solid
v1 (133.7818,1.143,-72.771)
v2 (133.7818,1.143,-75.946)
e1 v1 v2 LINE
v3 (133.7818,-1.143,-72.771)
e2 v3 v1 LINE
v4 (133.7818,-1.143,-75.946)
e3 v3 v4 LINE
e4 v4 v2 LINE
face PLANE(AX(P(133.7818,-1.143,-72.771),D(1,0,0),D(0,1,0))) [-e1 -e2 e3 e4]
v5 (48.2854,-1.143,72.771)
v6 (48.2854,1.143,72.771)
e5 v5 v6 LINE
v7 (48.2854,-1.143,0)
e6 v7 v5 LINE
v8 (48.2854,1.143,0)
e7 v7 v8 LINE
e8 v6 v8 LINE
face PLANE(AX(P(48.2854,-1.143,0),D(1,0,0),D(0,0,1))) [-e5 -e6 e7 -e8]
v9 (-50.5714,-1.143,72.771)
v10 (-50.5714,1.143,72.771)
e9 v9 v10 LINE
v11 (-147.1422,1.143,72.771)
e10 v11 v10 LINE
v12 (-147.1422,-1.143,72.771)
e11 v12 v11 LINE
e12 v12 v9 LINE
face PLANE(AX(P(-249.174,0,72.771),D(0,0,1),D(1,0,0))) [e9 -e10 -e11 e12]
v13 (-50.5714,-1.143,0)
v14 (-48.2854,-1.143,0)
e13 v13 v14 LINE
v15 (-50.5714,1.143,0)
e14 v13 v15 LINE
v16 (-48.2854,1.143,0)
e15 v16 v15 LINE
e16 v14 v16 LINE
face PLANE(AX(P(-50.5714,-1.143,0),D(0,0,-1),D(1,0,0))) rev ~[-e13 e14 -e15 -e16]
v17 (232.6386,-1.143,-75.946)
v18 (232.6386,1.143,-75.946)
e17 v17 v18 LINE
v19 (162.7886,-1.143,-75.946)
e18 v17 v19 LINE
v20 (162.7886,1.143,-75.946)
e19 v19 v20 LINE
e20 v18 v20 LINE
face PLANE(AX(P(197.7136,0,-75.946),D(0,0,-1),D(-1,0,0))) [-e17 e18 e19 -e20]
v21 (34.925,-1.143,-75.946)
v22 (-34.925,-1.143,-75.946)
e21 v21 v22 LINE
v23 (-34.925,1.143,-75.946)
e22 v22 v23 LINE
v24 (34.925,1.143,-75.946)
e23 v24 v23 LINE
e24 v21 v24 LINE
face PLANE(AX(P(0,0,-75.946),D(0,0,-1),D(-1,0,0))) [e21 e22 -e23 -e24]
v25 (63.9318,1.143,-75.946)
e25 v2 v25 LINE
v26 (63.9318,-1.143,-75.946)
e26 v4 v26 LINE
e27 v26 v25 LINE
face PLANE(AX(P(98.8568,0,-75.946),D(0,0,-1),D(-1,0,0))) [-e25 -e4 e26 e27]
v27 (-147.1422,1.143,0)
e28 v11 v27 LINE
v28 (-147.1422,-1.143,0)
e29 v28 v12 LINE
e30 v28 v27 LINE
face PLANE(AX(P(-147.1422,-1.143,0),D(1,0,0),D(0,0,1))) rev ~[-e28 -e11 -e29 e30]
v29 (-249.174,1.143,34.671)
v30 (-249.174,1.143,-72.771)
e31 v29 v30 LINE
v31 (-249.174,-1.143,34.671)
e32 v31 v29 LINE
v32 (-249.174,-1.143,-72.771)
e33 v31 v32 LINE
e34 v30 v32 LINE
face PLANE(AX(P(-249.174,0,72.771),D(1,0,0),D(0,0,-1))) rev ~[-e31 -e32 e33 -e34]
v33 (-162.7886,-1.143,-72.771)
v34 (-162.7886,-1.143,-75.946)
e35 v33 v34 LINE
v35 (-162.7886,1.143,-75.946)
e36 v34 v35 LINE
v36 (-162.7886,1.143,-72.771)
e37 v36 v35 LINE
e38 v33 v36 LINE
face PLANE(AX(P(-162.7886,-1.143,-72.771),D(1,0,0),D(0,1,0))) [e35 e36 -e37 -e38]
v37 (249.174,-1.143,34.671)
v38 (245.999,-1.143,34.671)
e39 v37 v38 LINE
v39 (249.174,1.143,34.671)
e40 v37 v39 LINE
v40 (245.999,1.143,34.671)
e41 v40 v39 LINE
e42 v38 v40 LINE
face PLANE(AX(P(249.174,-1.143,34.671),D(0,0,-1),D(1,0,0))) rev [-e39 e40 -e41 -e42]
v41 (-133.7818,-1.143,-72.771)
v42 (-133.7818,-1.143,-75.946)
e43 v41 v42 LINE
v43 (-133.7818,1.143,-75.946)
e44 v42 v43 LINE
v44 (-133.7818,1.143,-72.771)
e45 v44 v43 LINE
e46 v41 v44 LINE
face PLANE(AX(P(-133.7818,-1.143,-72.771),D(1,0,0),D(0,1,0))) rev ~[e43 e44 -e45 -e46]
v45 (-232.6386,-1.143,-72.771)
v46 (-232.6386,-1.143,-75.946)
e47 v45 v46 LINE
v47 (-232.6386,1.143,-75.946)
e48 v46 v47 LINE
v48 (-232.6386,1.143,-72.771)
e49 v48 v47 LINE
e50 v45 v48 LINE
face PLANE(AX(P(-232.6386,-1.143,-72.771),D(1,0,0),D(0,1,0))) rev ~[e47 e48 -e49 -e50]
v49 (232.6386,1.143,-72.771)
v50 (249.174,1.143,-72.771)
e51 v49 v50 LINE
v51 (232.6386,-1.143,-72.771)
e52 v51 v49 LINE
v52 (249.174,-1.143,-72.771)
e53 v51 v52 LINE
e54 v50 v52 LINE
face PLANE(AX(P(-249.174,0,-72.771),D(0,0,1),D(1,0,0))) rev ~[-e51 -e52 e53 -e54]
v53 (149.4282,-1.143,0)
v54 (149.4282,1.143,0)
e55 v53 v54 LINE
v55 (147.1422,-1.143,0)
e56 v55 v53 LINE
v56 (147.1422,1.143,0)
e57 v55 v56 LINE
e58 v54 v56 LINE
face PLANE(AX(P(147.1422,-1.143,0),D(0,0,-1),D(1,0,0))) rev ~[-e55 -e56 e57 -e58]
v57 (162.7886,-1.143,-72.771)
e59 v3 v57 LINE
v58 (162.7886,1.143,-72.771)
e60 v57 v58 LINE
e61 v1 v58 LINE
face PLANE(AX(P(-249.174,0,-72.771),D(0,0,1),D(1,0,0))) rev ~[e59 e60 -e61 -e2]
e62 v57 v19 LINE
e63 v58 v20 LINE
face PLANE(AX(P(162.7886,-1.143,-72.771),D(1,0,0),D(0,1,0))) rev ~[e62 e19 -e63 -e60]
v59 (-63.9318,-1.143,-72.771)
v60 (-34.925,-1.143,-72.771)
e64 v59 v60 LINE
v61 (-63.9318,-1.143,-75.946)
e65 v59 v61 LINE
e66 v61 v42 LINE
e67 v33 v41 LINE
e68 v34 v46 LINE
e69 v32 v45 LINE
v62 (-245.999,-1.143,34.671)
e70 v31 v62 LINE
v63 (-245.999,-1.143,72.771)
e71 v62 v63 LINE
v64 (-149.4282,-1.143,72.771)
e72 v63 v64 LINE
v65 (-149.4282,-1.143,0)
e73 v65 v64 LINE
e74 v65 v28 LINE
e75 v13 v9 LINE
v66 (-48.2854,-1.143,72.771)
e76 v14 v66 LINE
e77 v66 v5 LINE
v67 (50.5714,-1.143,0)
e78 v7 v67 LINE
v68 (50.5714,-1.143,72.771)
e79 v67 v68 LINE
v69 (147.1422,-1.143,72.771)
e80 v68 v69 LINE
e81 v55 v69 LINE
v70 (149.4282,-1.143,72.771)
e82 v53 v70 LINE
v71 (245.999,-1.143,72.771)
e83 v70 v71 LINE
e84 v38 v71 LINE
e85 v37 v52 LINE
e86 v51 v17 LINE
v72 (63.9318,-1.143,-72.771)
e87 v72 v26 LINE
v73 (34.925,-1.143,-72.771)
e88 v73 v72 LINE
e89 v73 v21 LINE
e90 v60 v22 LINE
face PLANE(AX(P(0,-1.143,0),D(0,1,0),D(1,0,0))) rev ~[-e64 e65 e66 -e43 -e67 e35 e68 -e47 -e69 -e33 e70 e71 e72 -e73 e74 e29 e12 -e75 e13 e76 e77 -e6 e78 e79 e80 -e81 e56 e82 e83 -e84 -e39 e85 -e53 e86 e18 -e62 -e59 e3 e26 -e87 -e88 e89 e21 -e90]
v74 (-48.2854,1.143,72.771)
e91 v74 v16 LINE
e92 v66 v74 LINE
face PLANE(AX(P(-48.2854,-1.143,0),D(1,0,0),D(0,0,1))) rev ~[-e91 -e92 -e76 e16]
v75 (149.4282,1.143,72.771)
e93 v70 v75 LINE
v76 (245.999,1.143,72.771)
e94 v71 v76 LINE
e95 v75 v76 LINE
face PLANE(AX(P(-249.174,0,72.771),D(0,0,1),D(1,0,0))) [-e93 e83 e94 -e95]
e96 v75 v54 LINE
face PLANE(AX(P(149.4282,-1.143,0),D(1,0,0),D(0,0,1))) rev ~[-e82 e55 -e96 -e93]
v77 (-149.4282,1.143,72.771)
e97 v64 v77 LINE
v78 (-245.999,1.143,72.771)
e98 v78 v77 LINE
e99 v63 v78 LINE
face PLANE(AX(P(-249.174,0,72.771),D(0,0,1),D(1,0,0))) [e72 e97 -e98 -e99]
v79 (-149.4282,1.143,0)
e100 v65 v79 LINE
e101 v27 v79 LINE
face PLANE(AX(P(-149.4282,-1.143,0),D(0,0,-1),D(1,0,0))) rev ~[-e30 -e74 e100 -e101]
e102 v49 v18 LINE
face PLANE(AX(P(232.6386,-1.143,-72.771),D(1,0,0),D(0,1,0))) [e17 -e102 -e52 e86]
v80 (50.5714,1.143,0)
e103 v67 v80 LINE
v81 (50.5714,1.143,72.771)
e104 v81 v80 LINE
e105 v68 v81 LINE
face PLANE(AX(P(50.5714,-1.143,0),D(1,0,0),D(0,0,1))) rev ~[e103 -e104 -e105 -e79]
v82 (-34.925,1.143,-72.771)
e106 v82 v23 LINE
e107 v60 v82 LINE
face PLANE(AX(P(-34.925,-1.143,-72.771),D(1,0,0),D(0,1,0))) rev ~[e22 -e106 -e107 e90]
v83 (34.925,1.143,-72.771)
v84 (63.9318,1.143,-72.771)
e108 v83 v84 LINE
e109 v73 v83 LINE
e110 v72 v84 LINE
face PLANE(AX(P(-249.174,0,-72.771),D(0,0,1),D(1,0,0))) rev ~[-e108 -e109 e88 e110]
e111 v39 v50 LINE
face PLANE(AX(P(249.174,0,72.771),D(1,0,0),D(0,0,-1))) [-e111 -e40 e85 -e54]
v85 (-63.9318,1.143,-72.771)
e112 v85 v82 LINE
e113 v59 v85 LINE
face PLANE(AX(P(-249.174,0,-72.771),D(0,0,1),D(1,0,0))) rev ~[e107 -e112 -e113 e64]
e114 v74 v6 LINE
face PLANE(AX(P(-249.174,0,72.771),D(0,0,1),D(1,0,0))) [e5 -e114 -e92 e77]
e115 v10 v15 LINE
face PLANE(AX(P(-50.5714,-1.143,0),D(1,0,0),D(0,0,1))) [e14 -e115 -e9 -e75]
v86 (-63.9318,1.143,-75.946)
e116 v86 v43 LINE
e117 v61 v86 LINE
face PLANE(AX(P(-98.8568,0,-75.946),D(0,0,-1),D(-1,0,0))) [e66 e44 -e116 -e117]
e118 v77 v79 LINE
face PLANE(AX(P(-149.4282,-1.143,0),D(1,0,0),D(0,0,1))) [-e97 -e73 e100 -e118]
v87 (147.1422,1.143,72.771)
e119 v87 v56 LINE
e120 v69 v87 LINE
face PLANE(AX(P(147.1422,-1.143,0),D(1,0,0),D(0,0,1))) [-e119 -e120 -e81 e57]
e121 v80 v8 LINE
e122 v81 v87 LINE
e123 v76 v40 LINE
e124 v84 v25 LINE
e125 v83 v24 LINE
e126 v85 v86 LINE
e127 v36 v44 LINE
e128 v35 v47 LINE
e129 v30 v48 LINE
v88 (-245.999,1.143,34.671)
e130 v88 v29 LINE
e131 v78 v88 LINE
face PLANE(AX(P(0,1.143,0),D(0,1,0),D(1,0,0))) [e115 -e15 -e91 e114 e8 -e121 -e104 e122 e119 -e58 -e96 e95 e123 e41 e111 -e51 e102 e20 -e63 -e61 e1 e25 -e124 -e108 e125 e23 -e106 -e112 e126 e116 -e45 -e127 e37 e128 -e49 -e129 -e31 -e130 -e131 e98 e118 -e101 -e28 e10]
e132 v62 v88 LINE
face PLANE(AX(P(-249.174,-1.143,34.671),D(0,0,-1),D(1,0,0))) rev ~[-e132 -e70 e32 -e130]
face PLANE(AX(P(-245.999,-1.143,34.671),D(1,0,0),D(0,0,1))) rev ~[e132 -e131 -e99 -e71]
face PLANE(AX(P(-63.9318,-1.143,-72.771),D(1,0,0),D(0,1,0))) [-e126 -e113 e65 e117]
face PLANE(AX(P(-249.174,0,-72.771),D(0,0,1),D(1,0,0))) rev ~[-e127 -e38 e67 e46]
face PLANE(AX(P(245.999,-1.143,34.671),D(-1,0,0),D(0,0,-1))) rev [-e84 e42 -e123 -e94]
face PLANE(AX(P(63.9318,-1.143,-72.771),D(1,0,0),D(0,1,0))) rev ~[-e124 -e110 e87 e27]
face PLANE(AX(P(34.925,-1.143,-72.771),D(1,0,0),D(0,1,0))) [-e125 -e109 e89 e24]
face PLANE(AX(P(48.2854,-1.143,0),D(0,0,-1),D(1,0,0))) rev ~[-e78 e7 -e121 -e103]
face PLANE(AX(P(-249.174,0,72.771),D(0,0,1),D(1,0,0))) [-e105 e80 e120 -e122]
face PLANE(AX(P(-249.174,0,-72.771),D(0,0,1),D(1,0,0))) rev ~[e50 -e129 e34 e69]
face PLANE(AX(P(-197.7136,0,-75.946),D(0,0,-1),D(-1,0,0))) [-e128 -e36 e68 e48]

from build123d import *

# Parameters (mm, degrees)
SKETCH1_W           = 498.348
SKETCH1_H           = 145.542
BOSS_EXTRUDE1_DEPTH = 1.143
SKETCH2_W           = 69.85
SKETCH2_H           = 2.286
BOSS_EXTRUDE2_DEPTH = 3.175
LPATTERN1_COUNT     = 5
LPATTERN1_PITCH     = 98.8568
SKETCH3_W           = 3.175
SKETCH3_H           = 38.1
CUT_EXTRUDE1_DEPTH  = 3.286
SKETCH5_W           = 2.286
SKETCH5_H           = 72.771
CUT_EXTRUDE2_DEPTH  = 3.286
LPATTERN2_COUNT     = 4
LPATTERN2_PITCH     = 98.8568


with BuildPart() as part:
    # Sketch1 → Boss-Extrude1 (new body, symmetric)
    with BuildSketch(Plane(origin=(0, 0, 0), x_dir=(1, 0, 0), z_dir=(0, 1, 0))):
        Rectangle(SKETCH1_W, SKETCH1_H)
    extrude(amount=BOSS_EXTRUDE1_DEPTH, both=True)

    # Sketch2 → Boss-Extrude2 (add)
    with BuildSketch(Plane(origin=(0, 0, -72.771), x_dir=(-1, 0, 0), z_dir=(0, 0, -1))):
        with Locations((-197.7136, 0)):
            Rectangle(SKETCH2_W, SKETCH2_H)
    boss_extrude2 = extrude(amount=BOSS_EXTRUDE2_DEPTH)

    # LPattern1: Boss-Extrude2 ×5
    with Locations(*[(-i * LPATTERN1_PITCH, 0, 0) for i in range(1, LPATTERN1_COUNT)]):
        add(boss_extrude2)

    # Sketch3 → Cut-Extrude1 (cut, through all)
    with BuildSketch(Plane.XZ.offset(1.143)):
        with Locations((-247.5865, 53.721)):
            Rectangle(SKETCH3_W, SKETCH3_H)
    cut_extrude1 = extrude(amount=-CUT_EXTRUDE1_DEPTH, mode=Mode.SUBTRACT)

    # Mirror2: Cut-Extrude1 across plane
    add(cut_extrude1.mirror(Plane(origin=(0, 0, 0), x_dir=(0, 0, 1), z_dir=(1, 0, 0))), mode=Mode.SUBTRACT)

    # Sketch5 → Cut-Extrude2 (cut, through all)
    with BuildSketch(Plane.XZ.offset(1.143)):
        with Locations((-148.2852, 36.3855)):
            Rectangle(SKETCH5_W, SKETCH5_H)
    cut_extrude2 = extrude(amount=-CUT_EXTRUDE2_DEPTH, mode=Mode.SUBTRACT)

    # LPattern2: Cut-Extrude2 ×4
    with Locations(*[(i * LPATTERN2_PITCH, 0, 0) for i in range(1, LPATTERN2_COUNT)]):
        add(cut_extrude2, mode=Mode.SUBTRACT)


solid = part.part
